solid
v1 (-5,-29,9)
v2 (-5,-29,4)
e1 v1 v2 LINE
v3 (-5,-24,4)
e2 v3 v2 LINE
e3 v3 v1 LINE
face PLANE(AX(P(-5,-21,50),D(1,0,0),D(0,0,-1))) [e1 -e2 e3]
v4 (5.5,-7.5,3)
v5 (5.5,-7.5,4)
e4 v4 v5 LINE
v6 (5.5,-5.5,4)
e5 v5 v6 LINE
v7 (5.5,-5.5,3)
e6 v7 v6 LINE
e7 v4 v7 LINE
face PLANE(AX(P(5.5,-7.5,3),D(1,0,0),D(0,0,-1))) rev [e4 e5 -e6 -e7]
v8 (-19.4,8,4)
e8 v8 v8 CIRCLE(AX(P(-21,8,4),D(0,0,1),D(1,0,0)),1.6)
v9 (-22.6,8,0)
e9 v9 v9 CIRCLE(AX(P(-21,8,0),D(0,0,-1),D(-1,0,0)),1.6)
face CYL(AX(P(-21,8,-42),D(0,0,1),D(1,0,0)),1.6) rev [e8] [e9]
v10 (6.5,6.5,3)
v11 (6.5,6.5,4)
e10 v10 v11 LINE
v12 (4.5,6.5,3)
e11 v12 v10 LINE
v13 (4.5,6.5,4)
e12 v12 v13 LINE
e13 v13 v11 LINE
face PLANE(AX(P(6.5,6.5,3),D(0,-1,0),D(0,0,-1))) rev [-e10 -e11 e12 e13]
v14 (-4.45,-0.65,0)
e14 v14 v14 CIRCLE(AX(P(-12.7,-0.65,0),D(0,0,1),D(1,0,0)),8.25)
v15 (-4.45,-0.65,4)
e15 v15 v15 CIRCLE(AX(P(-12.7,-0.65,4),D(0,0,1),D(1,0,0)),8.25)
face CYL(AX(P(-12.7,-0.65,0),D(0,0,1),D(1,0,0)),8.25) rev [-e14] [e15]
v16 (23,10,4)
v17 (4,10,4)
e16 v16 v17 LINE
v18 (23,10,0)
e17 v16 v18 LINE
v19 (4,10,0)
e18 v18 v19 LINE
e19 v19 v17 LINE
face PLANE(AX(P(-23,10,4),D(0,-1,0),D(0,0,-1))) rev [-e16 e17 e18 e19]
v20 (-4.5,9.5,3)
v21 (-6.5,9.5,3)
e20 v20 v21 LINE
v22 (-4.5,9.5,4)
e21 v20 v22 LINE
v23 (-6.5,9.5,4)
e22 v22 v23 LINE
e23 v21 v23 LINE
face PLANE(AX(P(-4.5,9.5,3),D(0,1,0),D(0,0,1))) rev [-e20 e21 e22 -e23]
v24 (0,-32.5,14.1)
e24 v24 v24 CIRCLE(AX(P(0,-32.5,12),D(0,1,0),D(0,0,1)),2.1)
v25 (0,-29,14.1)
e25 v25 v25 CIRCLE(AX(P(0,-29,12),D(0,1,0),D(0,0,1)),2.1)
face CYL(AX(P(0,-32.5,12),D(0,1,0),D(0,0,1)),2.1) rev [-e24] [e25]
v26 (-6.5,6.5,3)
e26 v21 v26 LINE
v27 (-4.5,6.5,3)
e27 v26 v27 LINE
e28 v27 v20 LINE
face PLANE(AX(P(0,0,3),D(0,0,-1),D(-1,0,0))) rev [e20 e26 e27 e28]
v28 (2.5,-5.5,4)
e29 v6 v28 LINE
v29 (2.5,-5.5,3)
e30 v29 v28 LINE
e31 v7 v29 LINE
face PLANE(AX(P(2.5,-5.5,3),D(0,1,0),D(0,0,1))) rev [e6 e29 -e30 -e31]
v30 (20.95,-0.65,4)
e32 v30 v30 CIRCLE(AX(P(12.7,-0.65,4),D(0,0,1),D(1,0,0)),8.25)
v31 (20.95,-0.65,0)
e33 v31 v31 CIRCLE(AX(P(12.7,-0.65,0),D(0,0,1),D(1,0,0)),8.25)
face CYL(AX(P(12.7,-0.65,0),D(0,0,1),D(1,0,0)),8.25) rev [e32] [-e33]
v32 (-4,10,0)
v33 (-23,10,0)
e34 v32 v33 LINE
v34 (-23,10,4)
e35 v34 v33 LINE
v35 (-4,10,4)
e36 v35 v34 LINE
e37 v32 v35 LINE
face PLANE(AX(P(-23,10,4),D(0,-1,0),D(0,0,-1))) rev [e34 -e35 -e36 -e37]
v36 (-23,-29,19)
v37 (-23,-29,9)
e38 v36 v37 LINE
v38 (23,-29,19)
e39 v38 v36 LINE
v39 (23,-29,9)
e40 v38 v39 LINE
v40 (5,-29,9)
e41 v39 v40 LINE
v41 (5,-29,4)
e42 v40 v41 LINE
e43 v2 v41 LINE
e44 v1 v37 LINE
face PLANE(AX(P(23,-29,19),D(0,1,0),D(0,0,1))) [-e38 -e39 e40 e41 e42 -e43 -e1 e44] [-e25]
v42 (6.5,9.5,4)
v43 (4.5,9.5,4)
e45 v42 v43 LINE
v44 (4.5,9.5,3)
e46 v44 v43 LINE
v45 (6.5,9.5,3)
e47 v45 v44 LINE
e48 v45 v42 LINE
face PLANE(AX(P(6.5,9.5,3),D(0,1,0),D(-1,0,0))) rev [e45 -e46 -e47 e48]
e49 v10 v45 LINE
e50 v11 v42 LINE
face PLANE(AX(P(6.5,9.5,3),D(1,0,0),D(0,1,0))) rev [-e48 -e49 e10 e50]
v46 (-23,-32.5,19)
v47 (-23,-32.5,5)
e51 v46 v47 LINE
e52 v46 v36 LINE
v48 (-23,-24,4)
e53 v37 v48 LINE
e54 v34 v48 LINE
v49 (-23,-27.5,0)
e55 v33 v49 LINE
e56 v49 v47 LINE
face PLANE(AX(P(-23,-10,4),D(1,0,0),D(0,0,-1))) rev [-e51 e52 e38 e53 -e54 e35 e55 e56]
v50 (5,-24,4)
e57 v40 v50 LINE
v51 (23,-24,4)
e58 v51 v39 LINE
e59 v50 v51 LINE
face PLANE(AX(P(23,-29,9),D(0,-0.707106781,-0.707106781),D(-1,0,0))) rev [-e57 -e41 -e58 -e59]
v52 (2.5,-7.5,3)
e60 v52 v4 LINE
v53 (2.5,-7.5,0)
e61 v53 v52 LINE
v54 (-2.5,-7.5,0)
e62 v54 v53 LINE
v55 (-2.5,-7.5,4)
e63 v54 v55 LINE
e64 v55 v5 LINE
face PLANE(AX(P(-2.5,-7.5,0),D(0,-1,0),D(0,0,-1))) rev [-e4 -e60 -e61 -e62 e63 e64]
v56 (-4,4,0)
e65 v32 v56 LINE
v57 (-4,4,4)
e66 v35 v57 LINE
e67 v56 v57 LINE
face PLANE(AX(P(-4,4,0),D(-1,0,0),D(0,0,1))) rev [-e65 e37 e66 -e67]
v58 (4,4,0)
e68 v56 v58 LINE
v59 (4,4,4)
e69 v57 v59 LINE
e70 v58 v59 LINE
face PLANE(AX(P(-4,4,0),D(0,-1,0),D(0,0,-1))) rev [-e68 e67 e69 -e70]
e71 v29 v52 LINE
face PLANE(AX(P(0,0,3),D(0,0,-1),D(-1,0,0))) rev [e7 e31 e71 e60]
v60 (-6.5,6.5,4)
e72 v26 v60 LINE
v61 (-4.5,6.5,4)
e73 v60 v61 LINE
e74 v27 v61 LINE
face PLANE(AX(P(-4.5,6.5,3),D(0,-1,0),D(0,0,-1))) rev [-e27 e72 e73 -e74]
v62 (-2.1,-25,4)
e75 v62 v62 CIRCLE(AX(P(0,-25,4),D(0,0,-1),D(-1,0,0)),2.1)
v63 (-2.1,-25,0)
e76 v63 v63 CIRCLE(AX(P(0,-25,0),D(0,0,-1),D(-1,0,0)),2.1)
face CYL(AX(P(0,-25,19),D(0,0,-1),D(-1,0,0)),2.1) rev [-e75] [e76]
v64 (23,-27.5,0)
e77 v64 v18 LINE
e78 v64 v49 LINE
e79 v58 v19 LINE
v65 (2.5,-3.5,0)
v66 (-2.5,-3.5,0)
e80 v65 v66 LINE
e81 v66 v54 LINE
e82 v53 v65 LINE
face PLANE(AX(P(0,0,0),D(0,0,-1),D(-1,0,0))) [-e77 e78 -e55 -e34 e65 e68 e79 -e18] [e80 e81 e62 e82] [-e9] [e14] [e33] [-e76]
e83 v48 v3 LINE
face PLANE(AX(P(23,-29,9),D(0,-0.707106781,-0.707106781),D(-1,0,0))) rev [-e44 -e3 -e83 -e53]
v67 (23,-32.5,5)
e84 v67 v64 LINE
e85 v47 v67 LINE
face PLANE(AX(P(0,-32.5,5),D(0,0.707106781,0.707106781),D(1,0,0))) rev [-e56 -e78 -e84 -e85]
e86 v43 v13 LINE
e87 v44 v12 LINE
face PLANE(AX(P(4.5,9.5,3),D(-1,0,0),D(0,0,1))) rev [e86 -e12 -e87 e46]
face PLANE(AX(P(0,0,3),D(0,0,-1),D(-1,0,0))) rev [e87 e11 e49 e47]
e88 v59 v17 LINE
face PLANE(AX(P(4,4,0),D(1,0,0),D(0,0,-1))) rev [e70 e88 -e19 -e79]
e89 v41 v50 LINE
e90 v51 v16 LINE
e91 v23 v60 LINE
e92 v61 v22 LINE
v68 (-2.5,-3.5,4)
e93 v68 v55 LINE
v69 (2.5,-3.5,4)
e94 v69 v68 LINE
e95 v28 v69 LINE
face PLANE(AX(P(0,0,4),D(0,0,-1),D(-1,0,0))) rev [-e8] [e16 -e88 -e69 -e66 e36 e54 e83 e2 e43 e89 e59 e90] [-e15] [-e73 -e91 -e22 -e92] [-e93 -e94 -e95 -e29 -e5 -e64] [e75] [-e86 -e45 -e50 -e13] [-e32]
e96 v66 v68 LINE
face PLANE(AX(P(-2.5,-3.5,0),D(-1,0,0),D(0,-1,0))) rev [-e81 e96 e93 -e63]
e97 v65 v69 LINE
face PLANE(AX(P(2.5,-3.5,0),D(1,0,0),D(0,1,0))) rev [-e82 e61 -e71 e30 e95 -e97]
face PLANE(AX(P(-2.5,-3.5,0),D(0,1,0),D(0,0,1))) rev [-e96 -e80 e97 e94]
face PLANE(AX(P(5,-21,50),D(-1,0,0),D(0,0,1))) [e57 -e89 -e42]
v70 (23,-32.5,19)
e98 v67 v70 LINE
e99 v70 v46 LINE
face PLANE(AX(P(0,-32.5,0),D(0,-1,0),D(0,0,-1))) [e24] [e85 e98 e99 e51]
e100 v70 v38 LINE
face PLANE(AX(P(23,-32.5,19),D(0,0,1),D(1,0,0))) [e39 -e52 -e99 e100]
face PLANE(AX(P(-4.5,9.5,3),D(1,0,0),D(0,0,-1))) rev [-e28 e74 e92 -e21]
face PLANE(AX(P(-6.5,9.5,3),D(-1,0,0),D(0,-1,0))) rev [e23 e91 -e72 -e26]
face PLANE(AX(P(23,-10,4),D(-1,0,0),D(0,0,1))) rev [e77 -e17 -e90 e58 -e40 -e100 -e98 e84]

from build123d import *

# Parameters (mm, degrees)
SKETCH_1_W           = 46
SKETCH_1_H           = 20
EXTRUDE_1_DEPTH      = 4
SKETCH_2_R           = 8.25
CUT_EXTRUDE_1_DEPTH  = 5
SKETCH_3_W           = 8
SKETCH_3_H           = 6
CUT_EXTRUDE_2_DEPTH  = 5
SKETCH_4_W           = 5
SKETCH_4_H           = 4
CUT_EXTRUDE_3_DEPTH  = 5
SKETCH_5_W           = 3
SKETCH_5_H           = 2
SKETCH_5_W_2         = 2
SKETCH_5_H_2         = 3
CUT_EXTRUDE_4_DEPTH  = 1
SKETCH_6_W           = 46
SKETCH_6_H           = 4
EXTRUDE_2_DEPTH      = 22.5
SKETCH_8_W           = 15
SKETCH_8_H           = 3.5
EXTRUDE_4_DEPTH      = 46
CHAMFER_3_SIZE       = 5
SKETCH_9_R           = 2.1
CUT_EXTRUDE_5_DEPTH  = 4.5
SKETCH_10_R          = 2.1
CUT_EXTRUDE_6_DEPTH  = 20
SKETCH_13_W          = 10
SKETCH_13_H          = 8
CUT_EXTRUDE_9_DEPTH  = 46
SKETCH_14_R          = 1.6
CUT_EXTRUDE_10_DEPTH = 46


with BuildPart() as part:
    # 草圖1 → 填料-伸長1 (new body)
    with BuildSketch(Plane.XY):
        Rectangle(SKETCH_1_W, SKETCH_1_H)
    extrude(amount=EXTRUDE_1_DEPTH)

    # 草圖2 → 除料-伸長1 (cut, through all)
    with BuildSketch(Plane.XY.offset(4)):
        with Locations((-12.7, -0.65)):
            Circle(SKETCH_2_R)
        with Locations((12.7, -0.65)):
            Circle(SKETCH_2_R)
    extrude(amount=-CUT_EXTRUDE_1_DEPTH, mode=Mode.SUBTRACT)

    # 草圖3 → 除料-伸長2 (cut, through all)
    with BuildSketch(Plane.XY.offset(4)):
        with Locations((0, 7)):
            Rectangle(SKETCH_3_W, SKETCH_3_H)
    extrude(amount=-CUT_EXTRUDE_2_DEPTH, mode=Mode.SUBTRACT)

    # 草圖4 → 除料-伸長3 (cut, through all)
    with BuildSketch(Plane.XY.offset(4)):
        with Locations((0, -5.5)):
            Rectangle(SKETCH_4_W, SKETCH_4_H)
    extrude(amount=-CUT_EXTRUDE_3_DEPTH, mode=Mode.SUBTRACT)

    # 草圖5 → 除料-伸長4 (cut)
    with BuildSketch(Plane.XY.offset(4)):
        with Locations((4, -6.5)):
            Rectangle(SKETCH_5_W, SKETCH_5_H)
        with Locations((-5.5, 8)):
            Rectangle(SKETCH_5_W_2, SKETCH_5_H_2)
        with Locations((5.5, 8)):
            Rectangle(SKETCH_5_W_2, SKETCH_5_H_2)
    extrude(amount=-CUT_EXTRUDE_4_DEPTH, mode=Mode.SUBTRACT)

    # 草圖6 → 填料-伸長2 (add)
    with BuildSketch(Plane.XZ.offset(10)):
        with Locations((0, 2)):
            Rectangle(SKETCH_6_W, SKETCH_6_H)
    extrude(amount=EXTRUDE_2_DEPTH)

    # 草圖8 → 填料-伸長4 (add)
    with BuildSketch(Plane.ZY.offset(23)):
        with Locations((11.5, -30.75)):
            Rectangle(SKETCH_8_W, SKETCH_8_H)
    extrude(amount=-EXTRUDE_4_DEPTH)

    # 導角3
    chamfer_3_edges = [part.edges().sort_by_distance(p)[0] for p in [
        (0, -29, 4),
        (0, -32.5, 0),
    ]]
    chamfer(chamfer_3_edges, length=CHAMFER_3_SIZE)

    # 草圖9 → 除料-伸長5 (cut, through all)
    with BuildSketch(Plane(origin=(0, -29, 0), x_dir=(1, 0, 0), z_dir=(0, 1, 0))):
        with Locations((0, -12)):
            Circle(SKETCH_9_R)
    extrude(amount=-CUT_EXTRUDE_5_DEPTH, mode=Mode.SUBTRACT)

    # 草圖10 → 除料-伸長6 (cut, through all)
    with BuildSketch(Plane(origin=(0, 0, 0), x_dir=(-1, 0, 0), z_dir=(0, 0, -1))):
        with Locations((0, -25)):
            Circle(SKETCH_10_R)
    extrude(amount=-CUT_EXTRUDE_6_DEPTH, mode=Mode.SUBTRACT)

    # 草圖13 → 除料-伸長9 (cut)
    with BuildSketch(Plane.XY.offset(4)):
        with Locations((0, -25)):
            Rectangle(SKETCH_13_W, SKETCH_13_H)
    extrude(amount=CUT_EXTRUDE_9_DEPTH, mode=Mode.SUBTRACT)

    # 草圖14 → 除料-伸長10 (cut)
    with BuildSketch(Plane.XY.offset(4)):
        with Locations((-21, 8)):
            Circle(SKETCH_14_R)
    extrude(amount=-CUT_EXTRUDE_10_DEPTH, mode=Mode.SUBTRACT)


solid = part.part
